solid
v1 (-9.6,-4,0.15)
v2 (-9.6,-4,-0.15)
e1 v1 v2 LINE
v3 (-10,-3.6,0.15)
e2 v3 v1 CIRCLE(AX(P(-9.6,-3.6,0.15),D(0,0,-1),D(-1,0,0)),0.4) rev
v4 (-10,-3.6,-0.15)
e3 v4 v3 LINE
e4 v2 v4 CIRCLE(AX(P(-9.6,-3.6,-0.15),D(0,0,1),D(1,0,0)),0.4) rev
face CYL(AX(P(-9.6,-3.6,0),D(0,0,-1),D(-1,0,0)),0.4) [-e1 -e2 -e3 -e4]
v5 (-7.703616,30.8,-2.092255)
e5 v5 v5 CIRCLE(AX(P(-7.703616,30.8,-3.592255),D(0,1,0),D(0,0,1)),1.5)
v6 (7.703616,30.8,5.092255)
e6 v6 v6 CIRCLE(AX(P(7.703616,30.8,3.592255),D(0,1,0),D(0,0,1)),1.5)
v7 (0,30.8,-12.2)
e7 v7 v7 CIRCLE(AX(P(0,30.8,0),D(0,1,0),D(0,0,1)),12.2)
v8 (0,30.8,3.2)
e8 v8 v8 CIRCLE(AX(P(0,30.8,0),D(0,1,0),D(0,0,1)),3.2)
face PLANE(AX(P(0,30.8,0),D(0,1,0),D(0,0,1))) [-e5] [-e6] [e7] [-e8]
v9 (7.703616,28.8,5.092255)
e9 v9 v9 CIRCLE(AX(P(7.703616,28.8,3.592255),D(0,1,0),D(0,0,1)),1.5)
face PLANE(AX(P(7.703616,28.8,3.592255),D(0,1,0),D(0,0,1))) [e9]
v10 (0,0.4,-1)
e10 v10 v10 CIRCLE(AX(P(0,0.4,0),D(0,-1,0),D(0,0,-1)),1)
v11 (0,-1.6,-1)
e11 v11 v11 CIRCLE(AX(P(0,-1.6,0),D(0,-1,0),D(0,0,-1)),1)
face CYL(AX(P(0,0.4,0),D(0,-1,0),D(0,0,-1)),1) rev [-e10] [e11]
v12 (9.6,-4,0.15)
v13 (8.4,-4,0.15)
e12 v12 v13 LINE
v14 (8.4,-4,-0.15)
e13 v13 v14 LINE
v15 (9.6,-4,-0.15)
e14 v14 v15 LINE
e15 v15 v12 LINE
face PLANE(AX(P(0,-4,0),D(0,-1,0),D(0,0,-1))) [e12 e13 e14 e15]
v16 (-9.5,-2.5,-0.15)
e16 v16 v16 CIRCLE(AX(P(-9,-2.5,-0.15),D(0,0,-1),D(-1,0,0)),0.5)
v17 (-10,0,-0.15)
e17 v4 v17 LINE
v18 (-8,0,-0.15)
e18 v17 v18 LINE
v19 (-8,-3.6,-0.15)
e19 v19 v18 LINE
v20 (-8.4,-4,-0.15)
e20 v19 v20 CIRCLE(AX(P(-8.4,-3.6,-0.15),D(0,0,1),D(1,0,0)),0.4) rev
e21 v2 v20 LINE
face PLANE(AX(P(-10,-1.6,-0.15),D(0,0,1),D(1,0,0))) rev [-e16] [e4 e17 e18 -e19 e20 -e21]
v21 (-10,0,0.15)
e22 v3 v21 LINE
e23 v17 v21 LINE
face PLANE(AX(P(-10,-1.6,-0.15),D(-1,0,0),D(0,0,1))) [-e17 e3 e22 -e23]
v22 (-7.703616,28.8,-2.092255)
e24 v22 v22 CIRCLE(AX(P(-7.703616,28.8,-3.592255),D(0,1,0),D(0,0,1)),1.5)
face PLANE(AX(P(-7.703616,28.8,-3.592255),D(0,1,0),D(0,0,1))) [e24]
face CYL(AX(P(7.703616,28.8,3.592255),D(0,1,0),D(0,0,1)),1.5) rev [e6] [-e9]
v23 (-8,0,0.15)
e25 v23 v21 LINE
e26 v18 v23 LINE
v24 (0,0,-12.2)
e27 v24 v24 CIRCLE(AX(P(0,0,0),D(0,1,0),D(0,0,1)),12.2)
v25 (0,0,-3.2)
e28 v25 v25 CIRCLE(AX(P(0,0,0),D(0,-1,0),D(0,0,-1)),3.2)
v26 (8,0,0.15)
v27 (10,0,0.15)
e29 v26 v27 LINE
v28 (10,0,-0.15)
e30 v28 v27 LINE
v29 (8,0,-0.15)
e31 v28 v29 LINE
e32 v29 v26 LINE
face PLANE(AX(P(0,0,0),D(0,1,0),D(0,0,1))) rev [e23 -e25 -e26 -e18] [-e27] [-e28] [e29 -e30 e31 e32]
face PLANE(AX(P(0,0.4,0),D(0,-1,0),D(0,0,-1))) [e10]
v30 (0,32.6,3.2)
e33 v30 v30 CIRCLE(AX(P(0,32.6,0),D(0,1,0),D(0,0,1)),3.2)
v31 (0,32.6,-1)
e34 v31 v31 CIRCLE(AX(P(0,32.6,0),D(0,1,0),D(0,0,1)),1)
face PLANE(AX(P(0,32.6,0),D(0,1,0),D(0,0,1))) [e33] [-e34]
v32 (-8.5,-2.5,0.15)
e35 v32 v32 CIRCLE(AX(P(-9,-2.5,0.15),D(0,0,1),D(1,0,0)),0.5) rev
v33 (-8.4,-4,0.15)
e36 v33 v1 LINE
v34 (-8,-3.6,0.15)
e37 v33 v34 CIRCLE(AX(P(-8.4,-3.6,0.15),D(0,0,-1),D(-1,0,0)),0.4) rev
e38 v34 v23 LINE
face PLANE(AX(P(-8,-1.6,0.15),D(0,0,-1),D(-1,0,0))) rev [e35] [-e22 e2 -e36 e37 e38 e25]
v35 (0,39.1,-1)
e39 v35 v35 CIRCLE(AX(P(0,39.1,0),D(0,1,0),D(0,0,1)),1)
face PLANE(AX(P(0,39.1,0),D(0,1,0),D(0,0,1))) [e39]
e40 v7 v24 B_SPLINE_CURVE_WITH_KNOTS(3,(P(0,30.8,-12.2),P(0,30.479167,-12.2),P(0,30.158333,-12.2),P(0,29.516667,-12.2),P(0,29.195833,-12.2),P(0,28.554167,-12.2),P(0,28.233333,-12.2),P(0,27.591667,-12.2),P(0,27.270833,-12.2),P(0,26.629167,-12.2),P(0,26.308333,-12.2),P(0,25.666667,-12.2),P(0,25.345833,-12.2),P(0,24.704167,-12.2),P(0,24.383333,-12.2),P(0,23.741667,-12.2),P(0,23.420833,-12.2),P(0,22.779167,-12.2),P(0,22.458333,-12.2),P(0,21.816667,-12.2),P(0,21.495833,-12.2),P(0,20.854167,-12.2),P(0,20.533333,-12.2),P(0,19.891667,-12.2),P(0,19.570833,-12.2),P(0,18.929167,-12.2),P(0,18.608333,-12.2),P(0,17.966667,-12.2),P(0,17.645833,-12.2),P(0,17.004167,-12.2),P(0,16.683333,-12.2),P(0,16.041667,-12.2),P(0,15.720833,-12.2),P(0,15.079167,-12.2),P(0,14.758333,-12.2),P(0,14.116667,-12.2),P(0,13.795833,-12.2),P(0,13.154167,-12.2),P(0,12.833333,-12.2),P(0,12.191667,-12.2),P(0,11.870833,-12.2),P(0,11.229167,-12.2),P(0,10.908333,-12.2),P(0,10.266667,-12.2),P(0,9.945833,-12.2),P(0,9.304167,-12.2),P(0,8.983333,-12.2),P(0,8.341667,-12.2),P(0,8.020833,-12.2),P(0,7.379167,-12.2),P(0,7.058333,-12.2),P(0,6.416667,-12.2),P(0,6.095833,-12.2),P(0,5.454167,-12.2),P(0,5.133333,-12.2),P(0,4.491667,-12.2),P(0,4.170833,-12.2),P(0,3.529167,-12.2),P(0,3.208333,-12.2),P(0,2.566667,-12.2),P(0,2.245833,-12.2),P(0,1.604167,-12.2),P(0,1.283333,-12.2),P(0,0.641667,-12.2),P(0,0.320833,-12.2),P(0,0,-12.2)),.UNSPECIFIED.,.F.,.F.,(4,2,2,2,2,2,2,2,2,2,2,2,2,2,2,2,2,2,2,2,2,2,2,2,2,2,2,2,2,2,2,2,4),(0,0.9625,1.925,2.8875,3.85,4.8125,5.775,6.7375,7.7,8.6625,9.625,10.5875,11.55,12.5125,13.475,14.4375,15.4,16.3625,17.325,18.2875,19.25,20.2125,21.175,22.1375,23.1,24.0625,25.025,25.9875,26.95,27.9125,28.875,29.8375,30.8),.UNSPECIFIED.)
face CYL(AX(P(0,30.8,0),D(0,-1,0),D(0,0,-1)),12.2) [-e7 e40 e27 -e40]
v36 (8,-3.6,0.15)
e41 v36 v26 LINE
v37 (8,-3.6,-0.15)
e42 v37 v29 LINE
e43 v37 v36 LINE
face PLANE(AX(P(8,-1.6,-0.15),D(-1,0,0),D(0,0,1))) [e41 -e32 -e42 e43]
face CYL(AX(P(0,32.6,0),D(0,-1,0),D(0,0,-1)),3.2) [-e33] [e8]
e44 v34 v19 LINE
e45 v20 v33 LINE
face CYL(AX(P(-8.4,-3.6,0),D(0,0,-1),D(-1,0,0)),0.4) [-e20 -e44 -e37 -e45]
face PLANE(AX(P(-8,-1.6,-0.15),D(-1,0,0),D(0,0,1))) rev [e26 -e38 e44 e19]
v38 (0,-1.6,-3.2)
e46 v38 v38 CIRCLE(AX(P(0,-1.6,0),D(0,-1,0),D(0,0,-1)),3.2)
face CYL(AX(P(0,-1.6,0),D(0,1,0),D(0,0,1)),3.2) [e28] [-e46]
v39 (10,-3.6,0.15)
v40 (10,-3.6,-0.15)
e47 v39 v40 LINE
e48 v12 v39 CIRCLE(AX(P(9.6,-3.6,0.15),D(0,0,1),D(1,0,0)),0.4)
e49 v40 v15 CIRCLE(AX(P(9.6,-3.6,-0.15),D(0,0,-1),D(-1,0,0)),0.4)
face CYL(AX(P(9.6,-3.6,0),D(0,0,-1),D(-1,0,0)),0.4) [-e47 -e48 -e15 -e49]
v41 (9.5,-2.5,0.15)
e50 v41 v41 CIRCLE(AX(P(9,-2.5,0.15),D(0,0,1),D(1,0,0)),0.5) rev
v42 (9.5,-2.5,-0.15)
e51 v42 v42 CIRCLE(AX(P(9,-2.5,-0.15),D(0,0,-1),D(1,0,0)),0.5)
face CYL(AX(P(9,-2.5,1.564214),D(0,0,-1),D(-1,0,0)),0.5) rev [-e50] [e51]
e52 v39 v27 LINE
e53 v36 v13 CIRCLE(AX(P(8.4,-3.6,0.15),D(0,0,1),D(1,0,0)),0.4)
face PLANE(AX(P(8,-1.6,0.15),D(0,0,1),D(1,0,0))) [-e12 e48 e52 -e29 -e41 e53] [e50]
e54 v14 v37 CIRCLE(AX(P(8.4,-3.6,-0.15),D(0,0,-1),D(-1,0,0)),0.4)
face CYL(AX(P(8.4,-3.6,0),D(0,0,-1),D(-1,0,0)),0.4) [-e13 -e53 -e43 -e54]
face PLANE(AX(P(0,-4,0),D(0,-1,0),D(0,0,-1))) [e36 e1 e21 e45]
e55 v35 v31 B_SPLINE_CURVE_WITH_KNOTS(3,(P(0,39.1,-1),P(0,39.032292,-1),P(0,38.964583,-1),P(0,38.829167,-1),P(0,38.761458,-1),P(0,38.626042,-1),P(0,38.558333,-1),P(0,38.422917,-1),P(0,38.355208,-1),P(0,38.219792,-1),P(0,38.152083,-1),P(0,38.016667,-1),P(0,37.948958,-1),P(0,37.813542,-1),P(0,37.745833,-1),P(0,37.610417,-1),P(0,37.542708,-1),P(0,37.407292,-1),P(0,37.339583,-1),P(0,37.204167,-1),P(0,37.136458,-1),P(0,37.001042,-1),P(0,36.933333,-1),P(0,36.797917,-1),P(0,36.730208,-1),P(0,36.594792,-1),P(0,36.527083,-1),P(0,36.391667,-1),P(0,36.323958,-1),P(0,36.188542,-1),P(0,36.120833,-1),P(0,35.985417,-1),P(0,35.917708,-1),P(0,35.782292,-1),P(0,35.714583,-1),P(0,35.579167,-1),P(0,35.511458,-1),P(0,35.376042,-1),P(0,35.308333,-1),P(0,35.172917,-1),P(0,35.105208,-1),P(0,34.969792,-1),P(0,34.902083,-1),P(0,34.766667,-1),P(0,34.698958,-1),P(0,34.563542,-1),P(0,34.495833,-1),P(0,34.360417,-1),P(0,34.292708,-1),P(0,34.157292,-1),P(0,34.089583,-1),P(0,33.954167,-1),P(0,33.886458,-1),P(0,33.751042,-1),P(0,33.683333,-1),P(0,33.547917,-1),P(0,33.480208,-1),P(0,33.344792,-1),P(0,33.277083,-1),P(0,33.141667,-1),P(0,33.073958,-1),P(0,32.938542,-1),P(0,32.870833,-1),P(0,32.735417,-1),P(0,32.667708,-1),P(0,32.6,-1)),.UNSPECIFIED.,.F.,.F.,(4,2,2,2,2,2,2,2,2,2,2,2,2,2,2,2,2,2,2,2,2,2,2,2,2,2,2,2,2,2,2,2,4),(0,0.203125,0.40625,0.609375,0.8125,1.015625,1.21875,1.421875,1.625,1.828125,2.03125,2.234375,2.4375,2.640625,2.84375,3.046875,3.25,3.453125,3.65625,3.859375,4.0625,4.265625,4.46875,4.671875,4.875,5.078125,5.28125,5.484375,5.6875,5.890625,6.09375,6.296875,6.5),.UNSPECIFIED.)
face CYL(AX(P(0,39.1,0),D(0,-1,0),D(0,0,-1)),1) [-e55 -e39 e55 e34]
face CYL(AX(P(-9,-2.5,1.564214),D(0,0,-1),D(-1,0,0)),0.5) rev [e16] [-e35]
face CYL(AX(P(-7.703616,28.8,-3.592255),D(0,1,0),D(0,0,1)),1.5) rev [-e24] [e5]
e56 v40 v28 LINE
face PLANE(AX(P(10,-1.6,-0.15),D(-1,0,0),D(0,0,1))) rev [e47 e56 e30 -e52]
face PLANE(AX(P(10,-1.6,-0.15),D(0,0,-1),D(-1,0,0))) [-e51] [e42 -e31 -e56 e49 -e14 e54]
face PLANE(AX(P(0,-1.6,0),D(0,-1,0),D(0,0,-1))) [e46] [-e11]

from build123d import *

# Parameters (mm, degrees)
SKETCH_1_R          = 12.2
EXTRUDE_1_DEPTH     = 30.8
SKETCH_2_R          = 3.2
EXTRUDE_2_DEPTH     = 1.8
SKETCH_3_R          = 1
EXTRUDE_3_DEPTH     = 6.5
SKETCH_4_R          = 1.5
CUT_EXTRUDE_1_DEPTH = 2
EXTRUDE_START       = 1.6
SKETCH_5_R          = 3.2
SKETCH_5_W          = 2
SKETCH_5_H          = 0.3
EXTRUDE_4_DEPTH     = 1.6
SKETCH_6_W          = 2
SKETCH_6_H          = 0.3
EXTRUDE_5_DEPTH     = 2.4
SKETCH_7_R          = 1
CUT_EXTRUDE_2_DEPTH = 2
SKETCH_8_R          = 0.5
CUT_EXTRUDE_4_DEPTH = 0.3
FILLET_4_R          = 0.4


with BuildPart() as part:
    # 草图1 → 凸台-拉伸1 (new body)
    with BuildSketch(Plane(origin=(0, 0, 0), x_dir=(1, 0, 0), z_dir=(0, 1, 0))):
        with Locations(Location((0, 0, 0), (0, 0, 90))):
            Circle(SKETCH_1_R)
    extrude(amount=EXTRUDE_1_DEPTH)

    # 草图2 → 凸台-拉伸2 (add)
    with BuildSketch(Plane(origin=(0, 30.8, 0), x_dir=(1, 0, 0), z_dir=(0, 1, 0))):
        with Locations(Location((0, 0, 0), (0, 0, 270))):
            Circle(SKETCH_2_R)
    extrude(amount=EXTRUDE_2_DEPTH)

    # 草图3 → 凸台-拉伸3 (add)
    with BuildSketch(Plane(origin=(0, 32.6, 0), x_dir=(1, 0, 0), z_dir=(0, 1, 0))):
        with Locations(Location((0, 0, 0), (0, 0, 90))):
            Circle(SKETCH_3_R)
    extrude(amount=EXTRUDE_3_DEPTH)

    # 草图4 → 切除-拉伸1 (cut)
    with BuildSketch(Plane(origin=(0, 30.8, 0), x_dir=(1, 0, 0), z_dir=(0, 1, 0))):
        with Locations(Location((7.70361619, -3.592255225, 0), (0, 0, 270))):
            Circle(SKETCH_4_R)
        with Locations(Location((-7.70361619, 3.592255225, 0), (0, 0, 270))):
            Circle(SKETCH_4_R)
    extrude(amount=-CUT_EXTRUDE_1_DEPTH, mode=Mode.SUBTRACT)

    # 草图5 → 凸台-拉伸4 (add)
    with BuildSketch(Plane.XZ.offset(EXTRUDE_START)):
        with Locations(Location((0, 0, 0), (0, 0, 90))):
            Circle(SKETCH_5_R)
        with Locations((-9, 0)):
            Rectangle(SKETCH_5_W, SKETCH_5_H)
        with Locations((9, 0)):
            Rectangle(SKETCH_5_W, SKETCH_5_H)
    extrude(amount=-EXTRUDE_4_DEPTH)

    # 草图6 → 凸台-拉伸5 (add)
    with BuildSketch(Plane.XZ.offset(1.6)):
        with Locations((-9, 0)):
            Rectangle(SKETCH_6_W, SKETCH_6_H)
        with Locations((9, 0)):
            Rectangle(SKETCH_6_W, SKETCH_6_H)
    extrude(amount=EXTRUDE_5_DEPTH)

    # 草图7 → 切除-拉伸2 (cut)
    with BuildSketch(Plane.XZ.offset(1.6)):
        with Locations(Location((0, 0, 0), (0, 0, 270))):
            Circle(SKETCH_7_R)
    extrude(amount=-CUT_EXTRUDE_2_DEPTH, mode=Mode.SUBTRACT)

    # 草图8 → 切除-拉伸4 (cut)
    with BuildSketch(Plane(origin=(0, 0, -0.15), x_dir=(-1, 0, 0), z_dir=(0, 0, -1))):
        with Locations((9, -2.5)):
            Circle(SKETCH_8_R)
        with Locations(Location((-9, -2.5, 0), (0, 0, 180))):
            Circle(SKETCH_8_R)
    extrude(amount=-CUT_EXTRUDE_4_DEPTH, mode=Mode.SUBTRACT)

    # 圆角4
    fillet_4_edges = [part.edges().sort_by_distance(p)[0] for p in [
        (-10, -4, 0),
        (-8, -4, 0),
        (10, -4, 0),
        (8, -4, 0),
    ]]
    fillet(fillet_4_edges, radius=FILLET_4_R)


solid = part.part
